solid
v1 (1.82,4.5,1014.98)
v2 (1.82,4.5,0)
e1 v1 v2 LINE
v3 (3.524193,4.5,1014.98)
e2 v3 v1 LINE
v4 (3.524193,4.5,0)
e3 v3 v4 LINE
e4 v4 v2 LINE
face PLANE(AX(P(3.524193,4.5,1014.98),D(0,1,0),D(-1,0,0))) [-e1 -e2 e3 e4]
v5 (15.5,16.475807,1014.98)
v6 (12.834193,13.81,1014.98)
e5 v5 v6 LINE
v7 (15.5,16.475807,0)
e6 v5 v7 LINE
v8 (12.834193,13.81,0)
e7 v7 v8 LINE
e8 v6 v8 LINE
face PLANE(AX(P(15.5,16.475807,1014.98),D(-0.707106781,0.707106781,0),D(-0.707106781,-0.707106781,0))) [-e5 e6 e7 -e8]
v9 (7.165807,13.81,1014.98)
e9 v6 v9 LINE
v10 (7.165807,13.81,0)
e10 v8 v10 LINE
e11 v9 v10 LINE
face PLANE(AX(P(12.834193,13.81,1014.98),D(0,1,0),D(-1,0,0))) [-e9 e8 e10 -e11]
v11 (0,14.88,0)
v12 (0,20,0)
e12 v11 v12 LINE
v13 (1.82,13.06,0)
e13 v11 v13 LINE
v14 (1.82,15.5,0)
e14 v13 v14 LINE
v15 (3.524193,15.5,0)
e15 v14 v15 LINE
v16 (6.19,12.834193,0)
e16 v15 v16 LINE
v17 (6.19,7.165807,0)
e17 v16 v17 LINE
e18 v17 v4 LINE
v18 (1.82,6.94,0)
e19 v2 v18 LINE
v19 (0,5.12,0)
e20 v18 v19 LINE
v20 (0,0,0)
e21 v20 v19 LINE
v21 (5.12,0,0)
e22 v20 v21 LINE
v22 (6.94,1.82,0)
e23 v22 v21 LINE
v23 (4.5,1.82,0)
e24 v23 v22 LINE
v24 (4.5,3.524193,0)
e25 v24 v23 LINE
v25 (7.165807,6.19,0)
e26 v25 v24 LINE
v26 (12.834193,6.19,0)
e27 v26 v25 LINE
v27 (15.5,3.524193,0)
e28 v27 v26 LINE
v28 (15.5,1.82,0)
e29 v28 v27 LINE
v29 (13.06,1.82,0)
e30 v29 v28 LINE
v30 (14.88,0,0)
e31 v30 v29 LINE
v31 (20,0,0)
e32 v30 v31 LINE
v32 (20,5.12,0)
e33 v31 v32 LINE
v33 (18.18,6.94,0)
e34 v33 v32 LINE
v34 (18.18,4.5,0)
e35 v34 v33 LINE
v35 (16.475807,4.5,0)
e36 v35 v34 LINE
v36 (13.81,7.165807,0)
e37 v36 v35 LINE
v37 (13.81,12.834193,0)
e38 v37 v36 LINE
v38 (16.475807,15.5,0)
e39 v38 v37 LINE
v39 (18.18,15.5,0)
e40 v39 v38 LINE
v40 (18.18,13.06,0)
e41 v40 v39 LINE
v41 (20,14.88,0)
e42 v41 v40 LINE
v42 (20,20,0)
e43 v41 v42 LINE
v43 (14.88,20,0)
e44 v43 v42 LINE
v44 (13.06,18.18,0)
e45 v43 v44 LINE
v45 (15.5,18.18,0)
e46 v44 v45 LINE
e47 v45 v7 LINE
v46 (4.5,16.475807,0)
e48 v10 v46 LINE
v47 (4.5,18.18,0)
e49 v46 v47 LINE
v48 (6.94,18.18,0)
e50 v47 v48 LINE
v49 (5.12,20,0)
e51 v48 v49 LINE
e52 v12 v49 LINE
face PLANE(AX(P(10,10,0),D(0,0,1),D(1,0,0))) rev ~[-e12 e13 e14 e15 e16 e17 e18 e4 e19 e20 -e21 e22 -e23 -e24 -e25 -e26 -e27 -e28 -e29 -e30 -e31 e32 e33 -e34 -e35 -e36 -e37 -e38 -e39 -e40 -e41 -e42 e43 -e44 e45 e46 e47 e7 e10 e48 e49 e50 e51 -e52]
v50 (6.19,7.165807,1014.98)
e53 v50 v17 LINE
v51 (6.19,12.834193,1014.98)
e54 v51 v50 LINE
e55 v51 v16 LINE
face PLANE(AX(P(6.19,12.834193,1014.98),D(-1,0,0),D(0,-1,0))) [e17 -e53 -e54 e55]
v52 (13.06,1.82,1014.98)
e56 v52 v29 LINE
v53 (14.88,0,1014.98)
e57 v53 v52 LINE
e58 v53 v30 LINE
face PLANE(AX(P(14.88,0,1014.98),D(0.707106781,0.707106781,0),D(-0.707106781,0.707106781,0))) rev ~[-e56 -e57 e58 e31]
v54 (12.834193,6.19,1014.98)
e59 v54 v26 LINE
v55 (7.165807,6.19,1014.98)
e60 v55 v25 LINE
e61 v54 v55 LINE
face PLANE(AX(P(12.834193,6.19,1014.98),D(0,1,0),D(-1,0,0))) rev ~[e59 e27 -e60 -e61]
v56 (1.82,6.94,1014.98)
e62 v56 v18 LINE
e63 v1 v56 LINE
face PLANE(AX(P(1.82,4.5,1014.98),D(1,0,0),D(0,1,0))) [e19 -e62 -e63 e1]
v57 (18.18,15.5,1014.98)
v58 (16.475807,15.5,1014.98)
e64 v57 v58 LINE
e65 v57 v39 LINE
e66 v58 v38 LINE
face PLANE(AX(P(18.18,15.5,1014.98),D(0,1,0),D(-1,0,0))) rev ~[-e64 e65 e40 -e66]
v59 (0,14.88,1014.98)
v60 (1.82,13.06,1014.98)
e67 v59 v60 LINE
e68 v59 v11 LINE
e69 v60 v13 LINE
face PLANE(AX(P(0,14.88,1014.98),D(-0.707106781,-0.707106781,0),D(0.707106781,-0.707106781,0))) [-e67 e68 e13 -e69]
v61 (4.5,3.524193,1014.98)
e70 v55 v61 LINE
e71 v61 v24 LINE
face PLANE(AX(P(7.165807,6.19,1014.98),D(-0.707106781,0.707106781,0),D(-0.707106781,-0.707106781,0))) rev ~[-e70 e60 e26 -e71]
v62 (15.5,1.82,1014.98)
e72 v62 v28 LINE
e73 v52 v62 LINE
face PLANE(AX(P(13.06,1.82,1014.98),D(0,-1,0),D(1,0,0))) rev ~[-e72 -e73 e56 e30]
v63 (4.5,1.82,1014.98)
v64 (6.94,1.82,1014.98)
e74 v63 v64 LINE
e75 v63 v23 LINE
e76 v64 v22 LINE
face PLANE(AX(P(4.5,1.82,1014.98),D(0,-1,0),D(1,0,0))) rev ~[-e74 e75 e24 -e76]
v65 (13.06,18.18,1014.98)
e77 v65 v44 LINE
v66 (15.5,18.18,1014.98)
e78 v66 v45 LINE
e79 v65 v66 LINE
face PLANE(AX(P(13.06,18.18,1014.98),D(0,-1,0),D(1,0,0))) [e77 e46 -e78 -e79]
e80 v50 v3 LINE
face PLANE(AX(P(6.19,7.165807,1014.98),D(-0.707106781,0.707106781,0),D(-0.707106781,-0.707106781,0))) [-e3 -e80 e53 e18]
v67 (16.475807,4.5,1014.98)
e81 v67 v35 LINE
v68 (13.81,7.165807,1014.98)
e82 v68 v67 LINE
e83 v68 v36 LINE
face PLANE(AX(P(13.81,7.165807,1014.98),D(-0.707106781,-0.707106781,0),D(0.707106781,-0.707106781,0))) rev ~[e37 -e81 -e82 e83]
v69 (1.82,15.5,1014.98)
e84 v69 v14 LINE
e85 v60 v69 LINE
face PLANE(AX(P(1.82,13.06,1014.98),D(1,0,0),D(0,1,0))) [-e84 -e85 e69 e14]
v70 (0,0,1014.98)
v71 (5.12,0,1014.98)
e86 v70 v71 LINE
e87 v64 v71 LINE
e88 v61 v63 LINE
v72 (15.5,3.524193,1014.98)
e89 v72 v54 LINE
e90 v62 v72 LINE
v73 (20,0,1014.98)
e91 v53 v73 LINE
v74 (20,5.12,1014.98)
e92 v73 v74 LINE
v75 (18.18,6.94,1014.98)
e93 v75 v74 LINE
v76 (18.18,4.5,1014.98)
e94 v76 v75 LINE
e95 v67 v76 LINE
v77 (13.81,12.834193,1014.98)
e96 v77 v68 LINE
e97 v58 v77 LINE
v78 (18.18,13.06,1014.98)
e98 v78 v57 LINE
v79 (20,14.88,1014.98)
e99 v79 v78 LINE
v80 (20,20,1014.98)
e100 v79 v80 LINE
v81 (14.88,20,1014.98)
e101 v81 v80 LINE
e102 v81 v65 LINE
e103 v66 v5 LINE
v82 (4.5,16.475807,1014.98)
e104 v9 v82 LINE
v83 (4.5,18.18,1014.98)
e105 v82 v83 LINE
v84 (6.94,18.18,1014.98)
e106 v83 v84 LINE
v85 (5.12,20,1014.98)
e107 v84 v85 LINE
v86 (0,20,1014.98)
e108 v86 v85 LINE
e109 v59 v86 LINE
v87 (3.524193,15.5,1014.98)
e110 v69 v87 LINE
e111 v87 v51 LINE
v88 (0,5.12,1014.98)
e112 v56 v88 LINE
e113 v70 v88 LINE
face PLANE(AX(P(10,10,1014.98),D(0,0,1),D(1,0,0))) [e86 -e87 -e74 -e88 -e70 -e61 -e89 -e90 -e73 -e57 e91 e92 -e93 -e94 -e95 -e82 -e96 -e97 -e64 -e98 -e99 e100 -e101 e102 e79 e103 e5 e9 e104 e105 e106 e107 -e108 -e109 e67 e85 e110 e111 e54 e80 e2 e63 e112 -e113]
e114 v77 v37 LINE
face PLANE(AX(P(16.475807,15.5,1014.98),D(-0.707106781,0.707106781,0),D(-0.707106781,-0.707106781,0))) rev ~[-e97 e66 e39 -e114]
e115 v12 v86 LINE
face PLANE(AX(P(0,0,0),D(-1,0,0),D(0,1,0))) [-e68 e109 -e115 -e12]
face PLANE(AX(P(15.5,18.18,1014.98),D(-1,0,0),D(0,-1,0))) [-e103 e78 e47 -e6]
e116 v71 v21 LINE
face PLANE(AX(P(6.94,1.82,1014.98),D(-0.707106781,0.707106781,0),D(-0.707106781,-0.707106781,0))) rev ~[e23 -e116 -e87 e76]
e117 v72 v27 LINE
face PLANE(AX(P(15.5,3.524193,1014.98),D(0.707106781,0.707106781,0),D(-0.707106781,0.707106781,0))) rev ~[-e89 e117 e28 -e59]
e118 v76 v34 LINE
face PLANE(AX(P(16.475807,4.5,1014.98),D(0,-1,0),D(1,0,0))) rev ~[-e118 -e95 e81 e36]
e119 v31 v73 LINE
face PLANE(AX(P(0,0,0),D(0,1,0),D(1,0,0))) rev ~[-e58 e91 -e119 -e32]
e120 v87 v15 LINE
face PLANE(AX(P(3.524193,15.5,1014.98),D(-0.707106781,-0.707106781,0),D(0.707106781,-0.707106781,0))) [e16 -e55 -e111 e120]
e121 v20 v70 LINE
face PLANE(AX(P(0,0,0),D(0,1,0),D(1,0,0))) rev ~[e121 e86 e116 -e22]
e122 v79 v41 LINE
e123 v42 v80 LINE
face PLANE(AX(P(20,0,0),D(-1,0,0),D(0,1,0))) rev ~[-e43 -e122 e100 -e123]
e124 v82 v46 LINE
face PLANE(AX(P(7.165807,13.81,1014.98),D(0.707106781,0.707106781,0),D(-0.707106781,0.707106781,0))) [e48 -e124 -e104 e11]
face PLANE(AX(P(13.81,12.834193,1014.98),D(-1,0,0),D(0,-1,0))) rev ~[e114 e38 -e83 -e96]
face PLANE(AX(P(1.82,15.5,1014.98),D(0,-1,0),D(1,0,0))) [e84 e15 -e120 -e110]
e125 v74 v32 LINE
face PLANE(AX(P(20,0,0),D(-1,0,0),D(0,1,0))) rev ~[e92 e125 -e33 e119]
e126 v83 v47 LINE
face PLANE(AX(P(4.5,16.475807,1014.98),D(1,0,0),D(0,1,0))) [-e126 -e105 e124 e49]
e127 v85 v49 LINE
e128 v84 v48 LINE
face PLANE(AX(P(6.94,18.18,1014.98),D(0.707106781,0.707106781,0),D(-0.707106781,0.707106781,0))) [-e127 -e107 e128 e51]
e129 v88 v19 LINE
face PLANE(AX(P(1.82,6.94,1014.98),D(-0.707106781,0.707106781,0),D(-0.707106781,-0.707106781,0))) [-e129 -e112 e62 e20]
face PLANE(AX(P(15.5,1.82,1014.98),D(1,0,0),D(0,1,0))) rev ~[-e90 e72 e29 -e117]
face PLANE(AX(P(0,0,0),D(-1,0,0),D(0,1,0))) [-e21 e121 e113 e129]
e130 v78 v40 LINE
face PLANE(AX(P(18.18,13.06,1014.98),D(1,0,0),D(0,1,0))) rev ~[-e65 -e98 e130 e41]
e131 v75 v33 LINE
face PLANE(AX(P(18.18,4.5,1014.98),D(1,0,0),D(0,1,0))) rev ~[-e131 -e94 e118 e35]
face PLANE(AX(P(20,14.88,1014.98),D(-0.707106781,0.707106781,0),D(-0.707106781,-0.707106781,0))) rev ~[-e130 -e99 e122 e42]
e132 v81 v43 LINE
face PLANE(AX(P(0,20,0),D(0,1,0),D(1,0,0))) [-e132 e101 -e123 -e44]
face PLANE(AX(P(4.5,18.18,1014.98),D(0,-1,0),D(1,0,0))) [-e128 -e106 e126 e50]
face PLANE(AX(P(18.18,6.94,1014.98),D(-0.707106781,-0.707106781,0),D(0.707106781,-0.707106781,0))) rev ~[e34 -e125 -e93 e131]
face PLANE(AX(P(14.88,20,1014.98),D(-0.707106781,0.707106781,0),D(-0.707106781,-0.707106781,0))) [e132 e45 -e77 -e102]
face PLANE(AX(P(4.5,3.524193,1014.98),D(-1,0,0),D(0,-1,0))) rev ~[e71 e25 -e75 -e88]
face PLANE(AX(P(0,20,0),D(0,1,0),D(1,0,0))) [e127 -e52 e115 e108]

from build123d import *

# Parameters (mm, degrees)
SKETCH1_W           = 20
SKETCH1_H           = 20
BOSS_EXTRUDE1_DEPTH = 1014.98
CUT_EXTRUDE1_DEPTH  = 1015.98


with BuildPart() as part:
    # Sketch1 → Boss-Extrude1 (new body)
    with BuildSketch(Plane.XY):
        with Locations((10, 10)):
            Rectangle(SKETCH1_W, SKETCH1_H)
    extrude(amount=BOSS_EXTRUDE1_DEPTH)

    # Sketch2 → Cut-Extrude1 (cut, through all)
    with BuildSketch(Plane.XY.offset(1014.98)):
        Polygon((4.5, 18.18), (6.94, 18.18), (5.12, 20), (14.88, 20), (13.06, 18.18), (15.5, 18.18), (15.5, 16.475807358), (12.834192642, 13.81), (7.165807358, 13.81), (4.5, 16.475807358), align=None)
        Polygon((14.88, 0), (13.06, 1.82), (15.5, 1.82), (15.5, 3.524192642), (12.834192642, 6.19), (7.165807358, 6.19), (4.5, 3.524192642), (4.5, 1.82), (6.94, 1.82), (5.12, 0), align=None)
        Polygon((1.82, 4.5), (1.82, 6.94), (0, 5.12), (0, 14.88), (1.82, 13.06), (1.82, 15.5), (3.524192642, 15.5), (6.19, 12.834192642), (6.19, 7.165807358), (3.524192642, 4.5), align=None)
        Polygon((20, 14.88), (18.18, 13.06), (18.18, 15.5), (16.475807358, 15.5), (13.81, 12.834192642), (13.81, 7.165807358), (16.475807358, 4.5), (18.18, 4.5), (18.18, 6.94), (20, 5.12), align=None)
    extrude(amount=-CUT_EXTRUDE1_DEPTH, mode=Mode.SUBTRACT)


solid = part.part
